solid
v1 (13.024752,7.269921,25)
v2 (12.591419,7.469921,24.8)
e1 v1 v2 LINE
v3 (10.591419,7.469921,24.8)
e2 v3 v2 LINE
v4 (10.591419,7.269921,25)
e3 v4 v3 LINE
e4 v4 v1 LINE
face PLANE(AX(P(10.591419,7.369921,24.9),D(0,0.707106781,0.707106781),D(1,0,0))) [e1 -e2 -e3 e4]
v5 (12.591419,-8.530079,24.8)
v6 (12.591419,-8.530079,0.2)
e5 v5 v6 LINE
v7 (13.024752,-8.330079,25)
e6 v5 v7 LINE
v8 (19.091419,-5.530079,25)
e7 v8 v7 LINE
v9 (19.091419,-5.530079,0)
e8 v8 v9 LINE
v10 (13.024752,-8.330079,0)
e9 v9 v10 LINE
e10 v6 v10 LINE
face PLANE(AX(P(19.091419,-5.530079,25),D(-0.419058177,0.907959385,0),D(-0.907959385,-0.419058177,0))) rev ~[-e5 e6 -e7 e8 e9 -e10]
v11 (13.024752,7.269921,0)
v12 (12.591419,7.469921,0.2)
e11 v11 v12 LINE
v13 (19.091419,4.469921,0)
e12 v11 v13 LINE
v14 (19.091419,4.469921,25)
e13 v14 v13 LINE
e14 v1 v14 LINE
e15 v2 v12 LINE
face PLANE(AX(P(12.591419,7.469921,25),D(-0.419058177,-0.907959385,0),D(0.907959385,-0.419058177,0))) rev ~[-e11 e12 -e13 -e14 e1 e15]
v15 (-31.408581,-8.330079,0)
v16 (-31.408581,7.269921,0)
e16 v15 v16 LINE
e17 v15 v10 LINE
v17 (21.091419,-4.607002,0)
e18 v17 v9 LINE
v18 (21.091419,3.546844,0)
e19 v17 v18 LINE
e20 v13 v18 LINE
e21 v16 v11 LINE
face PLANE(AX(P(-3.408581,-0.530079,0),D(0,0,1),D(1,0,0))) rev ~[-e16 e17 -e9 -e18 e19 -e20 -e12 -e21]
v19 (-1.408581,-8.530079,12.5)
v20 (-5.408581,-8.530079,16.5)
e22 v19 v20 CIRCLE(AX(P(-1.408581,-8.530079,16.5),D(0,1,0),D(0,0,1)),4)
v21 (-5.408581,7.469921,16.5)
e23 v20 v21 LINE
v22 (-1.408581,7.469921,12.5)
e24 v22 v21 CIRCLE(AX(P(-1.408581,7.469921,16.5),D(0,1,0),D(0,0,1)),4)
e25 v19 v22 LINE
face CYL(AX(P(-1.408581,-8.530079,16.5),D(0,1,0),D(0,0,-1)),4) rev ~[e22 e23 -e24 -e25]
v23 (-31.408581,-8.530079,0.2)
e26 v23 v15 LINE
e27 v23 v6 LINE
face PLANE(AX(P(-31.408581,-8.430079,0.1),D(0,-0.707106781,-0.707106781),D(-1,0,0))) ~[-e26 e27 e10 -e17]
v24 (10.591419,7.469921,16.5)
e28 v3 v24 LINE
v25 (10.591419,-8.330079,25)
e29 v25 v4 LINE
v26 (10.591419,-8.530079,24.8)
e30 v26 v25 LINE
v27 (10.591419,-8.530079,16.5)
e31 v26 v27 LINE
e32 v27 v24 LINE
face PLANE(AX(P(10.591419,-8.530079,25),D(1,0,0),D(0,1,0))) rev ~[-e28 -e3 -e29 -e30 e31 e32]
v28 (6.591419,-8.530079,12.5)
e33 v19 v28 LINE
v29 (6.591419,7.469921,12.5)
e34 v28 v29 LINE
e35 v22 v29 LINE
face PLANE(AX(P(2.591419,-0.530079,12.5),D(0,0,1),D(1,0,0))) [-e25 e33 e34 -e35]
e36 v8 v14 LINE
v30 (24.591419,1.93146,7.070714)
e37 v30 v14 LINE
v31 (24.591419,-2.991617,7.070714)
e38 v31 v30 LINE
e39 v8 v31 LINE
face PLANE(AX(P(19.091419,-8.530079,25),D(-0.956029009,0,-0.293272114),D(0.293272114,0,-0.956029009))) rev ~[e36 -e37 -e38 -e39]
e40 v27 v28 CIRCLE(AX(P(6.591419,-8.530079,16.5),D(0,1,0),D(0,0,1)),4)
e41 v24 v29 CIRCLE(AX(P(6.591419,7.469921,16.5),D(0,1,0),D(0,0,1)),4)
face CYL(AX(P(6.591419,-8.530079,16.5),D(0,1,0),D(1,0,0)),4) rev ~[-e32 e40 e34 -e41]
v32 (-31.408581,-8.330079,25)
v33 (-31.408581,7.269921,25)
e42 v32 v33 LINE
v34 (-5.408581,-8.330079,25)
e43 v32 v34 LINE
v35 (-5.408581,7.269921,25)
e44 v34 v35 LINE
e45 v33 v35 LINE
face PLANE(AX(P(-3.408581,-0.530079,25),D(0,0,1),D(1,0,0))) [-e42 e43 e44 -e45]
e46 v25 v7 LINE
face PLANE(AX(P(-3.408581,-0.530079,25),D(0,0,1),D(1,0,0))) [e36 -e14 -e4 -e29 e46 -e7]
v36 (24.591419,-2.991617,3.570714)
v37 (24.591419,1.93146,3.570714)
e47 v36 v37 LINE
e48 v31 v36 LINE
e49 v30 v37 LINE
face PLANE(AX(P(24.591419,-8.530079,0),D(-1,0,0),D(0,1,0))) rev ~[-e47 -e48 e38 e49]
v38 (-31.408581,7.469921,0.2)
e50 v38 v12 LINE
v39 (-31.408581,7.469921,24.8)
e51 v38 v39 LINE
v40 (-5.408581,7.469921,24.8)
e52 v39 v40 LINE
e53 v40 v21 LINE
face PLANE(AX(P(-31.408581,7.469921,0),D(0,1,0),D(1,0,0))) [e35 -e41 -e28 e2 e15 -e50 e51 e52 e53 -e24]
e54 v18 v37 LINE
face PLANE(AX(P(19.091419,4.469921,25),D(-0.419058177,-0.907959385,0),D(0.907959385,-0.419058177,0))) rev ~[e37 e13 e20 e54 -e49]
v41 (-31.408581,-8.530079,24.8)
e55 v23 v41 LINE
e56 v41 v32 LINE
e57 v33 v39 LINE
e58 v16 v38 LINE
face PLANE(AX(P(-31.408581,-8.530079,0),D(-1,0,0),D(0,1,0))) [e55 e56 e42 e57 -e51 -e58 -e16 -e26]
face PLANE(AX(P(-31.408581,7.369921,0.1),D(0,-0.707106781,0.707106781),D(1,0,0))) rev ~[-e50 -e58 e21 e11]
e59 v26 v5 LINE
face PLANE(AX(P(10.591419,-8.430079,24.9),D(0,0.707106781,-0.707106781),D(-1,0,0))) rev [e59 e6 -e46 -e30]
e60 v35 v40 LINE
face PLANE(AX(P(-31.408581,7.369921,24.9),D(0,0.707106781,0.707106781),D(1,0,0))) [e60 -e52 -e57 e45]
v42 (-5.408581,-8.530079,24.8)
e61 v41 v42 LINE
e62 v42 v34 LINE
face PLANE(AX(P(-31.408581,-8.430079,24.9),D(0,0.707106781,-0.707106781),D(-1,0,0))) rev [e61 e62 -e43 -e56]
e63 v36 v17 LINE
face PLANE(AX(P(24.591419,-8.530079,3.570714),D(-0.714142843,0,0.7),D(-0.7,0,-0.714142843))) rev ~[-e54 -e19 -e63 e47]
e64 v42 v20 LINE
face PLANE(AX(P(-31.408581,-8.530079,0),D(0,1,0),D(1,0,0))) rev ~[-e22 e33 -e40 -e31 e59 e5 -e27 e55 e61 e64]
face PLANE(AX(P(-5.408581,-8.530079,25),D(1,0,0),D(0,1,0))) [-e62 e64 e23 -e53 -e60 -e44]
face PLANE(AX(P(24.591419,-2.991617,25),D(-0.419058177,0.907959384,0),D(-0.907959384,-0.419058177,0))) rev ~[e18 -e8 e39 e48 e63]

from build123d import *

# Parameters (mm, degrees)
F0_W     = 56
F0_H     = 16
F1_DEPTH = 25
F2_W     = 16
F2_H     = 16
F3_DEPTH = 12.5
F4_R     = 4
F7_DEPTH = 25
F8_DEPTH = 25
F9_SIZE  = 0.2


with BuildPart() as f1:
    # F0 (on Top) → F1 (new body)
    with BuildSketch(Plane.XY):
        with Locations((-3.4085810184, -0.5300787467)):
            Rectangle(F0_W, F0_H)
    extrude(amount=F1_DEPTH)

    # F2 (on face) → F3 (cut)
    with BuildSketch(Plane.XY.offset(25)):
        with Locations((2.5914189816, -0.5300787467)):
            Rectangle(F2_W, F2_H)
    extrude(amount=-F3_DEPTH, mode=Mode.SUBTRACT)

    # F4
    f4_edges = [f1.edges().sort_by_distance(p)[0] for p in [
        (10.591419, -0.530079, 12.5),
        (-5.408581, -0.530079, 12.5),
    ]]
    fillet(f4_edges, radius=F4_R)

    # F6 (on face) → F7 (cut)
    with BuildSketch(Plane.XZ.offset(8.5300787467)):
        Polygon((24.5914189816, 25), (19.0914189816, 25), (24.5914189816, 7.0707142143), align=None)
        Polygon((24.5914189816, 0), (24.5914189816, 3.5707142143), (21.0914189816, 0), align=None)
    extrude(amount=-F7_DEPTH, mode=Mode.SUBTRACT)

    # F5 (on face) → F8 (cut)
    with BuildSketch(Plane.XY.offset(25)):
        Polygon((19.0914189816, 7.4699212533), (12.5914189816, 7.4699212533), (19.0914189816, 4.4699212533), align=None)
        Polygon((19.0914189816, -5.5300787467), (12.5914189816, -8.5300787467), (19.0914189816, -8.5300787467), align=None)
        Polygon((19.0914189816, 7.4699212533), (19.0914189816, 4.4699212533), (24.5914189816, 1.9314597149), (24.5914189816, 7.4699212533), align=None)
        Polygon((24.5914189816, -8.5300787467), (24.5914189816, -2.9916172082), (19.0914189816, -5.5300787467), (19.0914189816, -8.5300787467), align=None)
    extrude(amount=-F8_DEPTH, mode=Mode.SUBTRACT)

    # F9
    f9_edges = [f1.edges().sort_by_distance(p)[0] for p in [
        (-18.408581, -8.530079, 25),
        (-18.408581, 7.469921, 25),
        (11.591419, 7.469921, 25),
        (11.591419, -8.530079, 25),
        (-9.408581, -8.530079, 0),
        (-9.408581, 7.469921, 0),
    ]]
    chamfer(f9_edges, length=F9_SIZE)


solid = f1.part
